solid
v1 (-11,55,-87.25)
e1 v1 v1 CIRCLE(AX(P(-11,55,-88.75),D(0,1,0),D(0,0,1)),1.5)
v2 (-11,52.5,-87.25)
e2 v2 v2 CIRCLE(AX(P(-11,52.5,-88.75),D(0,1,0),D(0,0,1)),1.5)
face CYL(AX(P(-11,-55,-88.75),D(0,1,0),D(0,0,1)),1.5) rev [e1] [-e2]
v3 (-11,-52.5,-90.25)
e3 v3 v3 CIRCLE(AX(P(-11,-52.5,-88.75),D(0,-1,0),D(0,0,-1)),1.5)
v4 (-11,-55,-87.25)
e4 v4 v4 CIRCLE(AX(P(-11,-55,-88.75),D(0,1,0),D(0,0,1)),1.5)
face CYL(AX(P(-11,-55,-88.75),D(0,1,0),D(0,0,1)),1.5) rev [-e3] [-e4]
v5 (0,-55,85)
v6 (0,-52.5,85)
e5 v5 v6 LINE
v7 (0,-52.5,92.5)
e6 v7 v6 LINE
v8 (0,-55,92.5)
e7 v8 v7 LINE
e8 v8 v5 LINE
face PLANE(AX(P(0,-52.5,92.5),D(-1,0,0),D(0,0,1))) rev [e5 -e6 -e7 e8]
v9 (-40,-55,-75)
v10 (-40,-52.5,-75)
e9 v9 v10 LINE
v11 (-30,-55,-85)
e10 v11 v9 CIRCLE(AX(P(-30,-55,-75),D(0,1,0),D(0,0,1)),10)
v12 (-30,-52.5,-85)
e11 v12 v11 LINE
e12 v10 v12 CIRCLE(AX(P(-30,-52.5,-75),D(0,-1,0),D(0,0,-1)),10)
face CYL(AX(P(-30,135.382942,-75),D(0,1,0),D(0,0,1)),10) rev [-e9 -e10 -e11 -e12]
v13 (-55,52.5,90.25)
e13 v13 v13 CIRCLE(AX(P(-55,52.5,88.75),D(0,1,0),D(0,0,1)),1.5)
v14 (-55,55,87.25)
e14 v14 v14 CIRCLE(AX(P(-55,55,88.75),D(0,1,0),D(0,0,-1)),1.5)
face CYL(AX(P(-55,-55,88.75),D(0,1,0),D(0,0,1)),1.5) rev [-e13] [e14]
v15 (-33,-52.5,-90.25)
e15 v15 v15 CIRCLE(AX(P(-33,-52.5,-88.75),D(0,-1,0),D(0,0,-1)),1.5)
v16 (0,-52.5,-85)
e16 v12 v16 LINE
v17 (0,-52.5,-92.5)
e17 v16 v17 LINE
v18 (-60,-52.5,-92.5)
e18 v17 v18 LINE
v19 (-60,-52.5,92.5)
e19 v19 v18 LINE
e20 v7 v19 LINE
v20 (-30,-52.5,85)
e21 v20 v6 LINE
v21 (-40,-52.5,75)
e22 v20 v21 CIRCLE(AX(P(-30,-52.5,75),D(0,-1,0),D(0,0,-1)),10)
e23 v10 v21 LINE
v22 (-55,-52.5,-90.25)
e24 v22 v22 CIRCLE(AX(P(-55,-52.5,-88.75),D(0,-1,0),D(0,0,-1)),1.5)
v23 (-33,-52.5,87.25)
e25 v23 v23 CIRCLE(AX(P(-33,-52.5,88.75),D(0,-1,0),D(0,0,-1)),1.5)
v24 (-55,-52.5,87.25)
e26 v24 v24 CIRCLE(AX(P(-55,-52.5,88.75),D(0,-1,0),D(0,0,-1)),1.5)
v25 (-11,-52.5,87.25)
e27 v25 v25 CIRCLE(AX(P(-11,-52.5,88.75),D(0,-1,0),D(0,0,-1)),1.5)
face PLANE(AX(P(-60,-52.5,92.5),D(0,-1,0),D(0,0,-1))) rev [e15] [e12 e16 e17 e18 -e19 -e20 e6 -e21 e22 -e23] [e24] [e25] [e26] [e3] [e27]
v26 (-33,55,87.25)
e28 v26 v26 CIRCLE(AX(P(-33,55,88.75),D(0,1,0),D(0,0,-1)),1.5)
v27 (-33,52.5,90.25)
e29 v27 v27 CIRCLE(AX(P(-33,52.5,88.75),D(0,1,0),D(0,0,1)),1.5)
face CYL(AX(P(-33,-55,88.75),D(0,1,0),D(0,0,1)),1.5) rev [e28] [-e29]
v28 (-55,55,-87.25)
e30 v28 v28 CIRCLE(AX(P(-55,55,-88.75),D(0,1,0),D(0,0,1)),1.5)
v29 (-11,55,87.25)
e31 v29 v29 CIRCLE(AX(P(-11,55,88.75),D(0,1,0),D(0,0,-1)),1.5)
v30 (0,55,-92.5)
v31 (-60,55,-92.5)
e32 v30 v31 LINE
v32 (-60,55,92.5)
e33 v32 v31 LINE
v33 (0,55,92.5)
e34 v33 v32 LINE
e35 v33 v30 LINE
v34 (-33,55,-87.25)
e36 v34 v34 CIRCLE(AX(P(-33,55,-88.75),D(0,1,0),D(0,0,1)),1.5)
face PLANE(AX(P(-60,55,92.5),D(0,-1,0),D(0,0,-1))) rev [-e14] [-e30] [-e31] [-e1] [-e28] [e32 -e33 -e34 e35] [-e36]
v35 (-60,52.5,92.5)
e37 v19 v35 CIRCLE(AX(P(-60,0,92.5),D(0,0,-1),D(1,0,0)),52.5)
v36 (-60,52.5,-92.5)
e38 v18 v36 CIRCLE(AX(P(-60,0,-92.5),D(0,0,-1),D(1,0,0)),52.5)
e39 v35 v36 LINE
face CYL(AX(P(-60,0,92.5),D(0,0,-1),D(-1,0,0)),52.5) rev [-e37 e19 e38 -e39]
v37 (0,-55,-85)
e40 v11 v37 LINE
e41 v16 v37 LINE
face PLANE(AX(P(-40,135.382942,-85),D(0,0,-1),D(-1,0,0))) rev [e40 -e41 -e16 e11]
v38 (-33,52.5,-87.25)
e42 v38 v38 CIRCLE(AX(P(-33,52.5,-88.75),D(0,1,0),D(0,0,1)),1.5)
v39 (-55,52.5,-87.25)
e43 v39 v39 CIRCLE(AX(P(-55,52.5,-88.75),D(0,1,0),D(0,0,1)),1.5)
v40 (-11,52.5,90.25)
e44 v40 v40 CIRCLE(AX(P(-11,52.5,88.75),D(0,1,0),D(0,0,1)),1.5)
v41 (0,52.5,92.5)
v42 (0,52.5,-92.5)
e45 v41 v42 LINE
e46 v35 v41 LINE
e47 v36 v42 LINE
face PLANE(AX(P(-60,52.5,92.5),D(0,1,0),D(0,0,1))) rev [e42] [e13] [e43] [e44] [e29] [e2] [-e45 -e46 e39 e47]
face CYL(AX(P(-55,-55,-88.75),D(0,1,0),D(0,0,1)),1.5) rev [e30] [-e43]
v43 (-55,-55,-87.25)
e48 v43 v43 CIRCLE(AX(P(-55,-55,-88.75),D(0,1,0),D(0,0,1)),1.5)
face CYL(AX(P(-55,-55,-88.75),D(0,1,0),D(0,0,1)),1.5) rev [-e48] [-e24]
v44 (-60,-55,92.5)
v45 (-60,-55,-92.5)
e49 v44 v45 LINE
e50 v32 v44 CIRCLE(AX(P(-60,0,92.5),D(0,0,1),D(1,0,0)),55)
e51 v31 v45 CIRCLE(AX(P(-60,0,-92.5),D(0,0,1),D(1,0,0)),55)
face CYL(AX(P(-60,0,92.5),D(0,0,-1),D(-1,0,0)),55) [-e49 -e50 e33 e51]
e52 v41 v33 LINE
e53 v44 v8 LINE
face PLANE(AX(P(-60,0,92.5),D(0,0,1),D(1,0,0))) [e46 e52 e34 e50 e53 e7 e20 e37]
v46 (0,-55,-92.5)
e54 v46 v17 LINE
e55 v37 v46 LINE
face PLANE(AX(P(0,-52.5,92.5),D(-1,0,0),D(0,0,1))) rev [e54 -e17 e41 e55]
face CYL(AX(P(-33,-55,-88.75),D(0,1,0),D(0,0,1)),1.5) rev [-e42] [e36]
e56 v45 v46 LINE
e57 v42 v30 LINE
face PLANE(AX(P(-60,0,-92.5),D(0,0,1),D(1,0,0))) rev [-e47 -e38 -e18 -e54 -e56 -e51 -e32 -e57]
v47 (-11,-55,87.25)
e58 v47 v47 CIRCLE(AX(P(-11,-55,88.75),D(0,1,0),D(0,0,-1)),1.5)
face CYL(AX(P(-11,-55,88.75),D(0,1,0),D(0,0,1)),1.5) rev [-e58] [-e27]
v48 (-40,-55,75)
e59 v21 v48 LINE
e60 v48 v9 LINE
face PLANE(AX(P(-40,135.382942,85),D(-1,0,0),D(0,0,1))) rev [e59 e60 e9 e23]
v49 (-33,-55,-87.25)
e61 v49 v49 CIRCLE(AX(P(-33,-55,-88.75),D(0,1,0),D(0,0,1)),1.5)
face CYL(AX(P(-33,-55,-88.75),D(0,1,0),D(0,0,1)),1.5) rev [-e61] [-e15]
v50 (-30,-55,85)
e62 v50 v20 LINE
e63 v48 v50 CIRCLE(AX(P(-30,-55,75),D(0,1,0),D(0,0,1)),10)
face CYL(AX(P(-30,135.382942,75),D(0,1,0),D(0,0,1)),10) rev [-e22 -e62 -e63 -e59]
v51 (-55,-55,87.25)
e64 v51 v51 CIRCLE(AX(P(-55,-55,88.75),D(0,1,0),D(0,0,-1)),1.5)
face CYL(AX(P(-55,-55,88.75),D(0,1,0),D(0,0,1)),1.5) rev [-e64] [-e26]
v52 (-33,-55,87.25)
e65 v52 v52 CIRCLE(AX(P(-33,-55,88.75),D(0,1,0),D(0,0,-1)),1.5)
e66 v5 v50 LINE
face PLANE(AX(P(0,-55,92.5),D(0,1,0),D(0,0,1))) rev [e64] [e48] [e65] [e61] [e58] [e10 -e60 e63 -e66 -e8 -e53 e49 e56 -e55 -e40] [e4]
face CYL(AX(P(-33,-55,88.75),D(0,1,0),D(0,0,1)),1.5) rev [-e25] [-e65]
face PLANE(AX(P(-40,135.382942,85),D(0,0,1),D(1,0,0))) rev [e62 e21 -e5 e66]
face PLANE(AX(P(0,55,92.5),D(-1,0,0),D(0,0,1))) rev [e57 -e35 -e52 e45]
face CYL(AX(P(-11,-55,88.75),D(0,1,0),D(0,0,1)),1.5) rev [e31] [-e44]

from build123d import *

# Parameters (mm, degrees)
BOSS_EXTRUDE1_DEPTH     = 92.5
SKETCH2_W               = 80
SKETCH2_H               = 170
CUT_EXTRUDE1_DEPTH      = 2.5
FILLET1_R               = 10
CUT_EXTRUDE2_DEPTH      = 158.5
CUT_EXTRUDE2_DEPTH_BACK = 158.5
SKETCH3_R               = 1.5


with BuildPart() as part:
    # Sketch1 → Boss-Extrude1 (new, symmetric)
    with BuildSketch(Plane.XY):
        with BuildLine():
            Line((-60, 55), (0, 55))
            Line((0, 55), (0, 52.5))
            Line((0, 52.5), (-60, 52.5))
            ThreePointArc((-60, 52.5), (-112.5, 0), (-60, -52.5))
            Line((-60, -52.5), (0, -52.5))
            Line((0, -52.5), (0, -55))
            Line((0, -55), (-60, -55))
            ThreePointArc((-60, -55), (-115, 0), (-60, 55))
        make_face()
    extrude(amount=BOSS_EXTRUDE1_DEPTH, both=True)

    # Sketch2 → Cut-Extrude1 (cut)
    with BuildSketch(Plane.XZ.offset(55)):
        Rectangle(SKETCH2_W, SKETCH2_H)
    extrude(amount=-CUT_EXTRUDE1_DEPTH, mode=Mode.SUBTRACT)

    # Fillet1
    fillet1_edges = [part.edges().sort_by_distance(p)[0] for p in [
        (-40, -53.75, 85),
        (-40, -53.75, -85),
    ]]
    fillet(fillet1_edges, radius=FILLET1_R)

    # Sketch3 → Cut-Extrude2 (cut, two sides: drawn at the far end of the back side and taken through both)
    with BuildSketch(Plane(origin=(0, 0, 0), x_dir=(1, 0, 0), z_dir=(0, 1, 0)).offset(-CUT_EXTRUDE2_DEPTH_BACK)):
        with Locations(Location((-55, 88.75, 0), (0, 0, 270))):
            Circle(SKETCH3_R)
        with Locations(Location((-33, 88.75, 0), (0, 0, 270))):
            Circle(SKETCH3_R)
        with Locations(Location((-11, 88.75, 0), (0, 0, 270))):
            Circle(SKETCH3_R)
        with Locations(Location((-11, -88.75, 0), (0, 0, 270))):
            Circle(SKETCH3_R)
        with Locations(Location((-33, -88.75, 0), (0, 0, 270))):
            Circle(SKETCH3_R)
        with Locations(Location((-55, -88.75, 0), (0, 0, 270))):
            Circle(SKETCH3_R)
    extrude(amount=CUT_EXTRUDE2_DEPTH + CUT_EXTRUDE2_DEPTH_BACK, mode=Mode.SUBTRACT)


solid = part.part
